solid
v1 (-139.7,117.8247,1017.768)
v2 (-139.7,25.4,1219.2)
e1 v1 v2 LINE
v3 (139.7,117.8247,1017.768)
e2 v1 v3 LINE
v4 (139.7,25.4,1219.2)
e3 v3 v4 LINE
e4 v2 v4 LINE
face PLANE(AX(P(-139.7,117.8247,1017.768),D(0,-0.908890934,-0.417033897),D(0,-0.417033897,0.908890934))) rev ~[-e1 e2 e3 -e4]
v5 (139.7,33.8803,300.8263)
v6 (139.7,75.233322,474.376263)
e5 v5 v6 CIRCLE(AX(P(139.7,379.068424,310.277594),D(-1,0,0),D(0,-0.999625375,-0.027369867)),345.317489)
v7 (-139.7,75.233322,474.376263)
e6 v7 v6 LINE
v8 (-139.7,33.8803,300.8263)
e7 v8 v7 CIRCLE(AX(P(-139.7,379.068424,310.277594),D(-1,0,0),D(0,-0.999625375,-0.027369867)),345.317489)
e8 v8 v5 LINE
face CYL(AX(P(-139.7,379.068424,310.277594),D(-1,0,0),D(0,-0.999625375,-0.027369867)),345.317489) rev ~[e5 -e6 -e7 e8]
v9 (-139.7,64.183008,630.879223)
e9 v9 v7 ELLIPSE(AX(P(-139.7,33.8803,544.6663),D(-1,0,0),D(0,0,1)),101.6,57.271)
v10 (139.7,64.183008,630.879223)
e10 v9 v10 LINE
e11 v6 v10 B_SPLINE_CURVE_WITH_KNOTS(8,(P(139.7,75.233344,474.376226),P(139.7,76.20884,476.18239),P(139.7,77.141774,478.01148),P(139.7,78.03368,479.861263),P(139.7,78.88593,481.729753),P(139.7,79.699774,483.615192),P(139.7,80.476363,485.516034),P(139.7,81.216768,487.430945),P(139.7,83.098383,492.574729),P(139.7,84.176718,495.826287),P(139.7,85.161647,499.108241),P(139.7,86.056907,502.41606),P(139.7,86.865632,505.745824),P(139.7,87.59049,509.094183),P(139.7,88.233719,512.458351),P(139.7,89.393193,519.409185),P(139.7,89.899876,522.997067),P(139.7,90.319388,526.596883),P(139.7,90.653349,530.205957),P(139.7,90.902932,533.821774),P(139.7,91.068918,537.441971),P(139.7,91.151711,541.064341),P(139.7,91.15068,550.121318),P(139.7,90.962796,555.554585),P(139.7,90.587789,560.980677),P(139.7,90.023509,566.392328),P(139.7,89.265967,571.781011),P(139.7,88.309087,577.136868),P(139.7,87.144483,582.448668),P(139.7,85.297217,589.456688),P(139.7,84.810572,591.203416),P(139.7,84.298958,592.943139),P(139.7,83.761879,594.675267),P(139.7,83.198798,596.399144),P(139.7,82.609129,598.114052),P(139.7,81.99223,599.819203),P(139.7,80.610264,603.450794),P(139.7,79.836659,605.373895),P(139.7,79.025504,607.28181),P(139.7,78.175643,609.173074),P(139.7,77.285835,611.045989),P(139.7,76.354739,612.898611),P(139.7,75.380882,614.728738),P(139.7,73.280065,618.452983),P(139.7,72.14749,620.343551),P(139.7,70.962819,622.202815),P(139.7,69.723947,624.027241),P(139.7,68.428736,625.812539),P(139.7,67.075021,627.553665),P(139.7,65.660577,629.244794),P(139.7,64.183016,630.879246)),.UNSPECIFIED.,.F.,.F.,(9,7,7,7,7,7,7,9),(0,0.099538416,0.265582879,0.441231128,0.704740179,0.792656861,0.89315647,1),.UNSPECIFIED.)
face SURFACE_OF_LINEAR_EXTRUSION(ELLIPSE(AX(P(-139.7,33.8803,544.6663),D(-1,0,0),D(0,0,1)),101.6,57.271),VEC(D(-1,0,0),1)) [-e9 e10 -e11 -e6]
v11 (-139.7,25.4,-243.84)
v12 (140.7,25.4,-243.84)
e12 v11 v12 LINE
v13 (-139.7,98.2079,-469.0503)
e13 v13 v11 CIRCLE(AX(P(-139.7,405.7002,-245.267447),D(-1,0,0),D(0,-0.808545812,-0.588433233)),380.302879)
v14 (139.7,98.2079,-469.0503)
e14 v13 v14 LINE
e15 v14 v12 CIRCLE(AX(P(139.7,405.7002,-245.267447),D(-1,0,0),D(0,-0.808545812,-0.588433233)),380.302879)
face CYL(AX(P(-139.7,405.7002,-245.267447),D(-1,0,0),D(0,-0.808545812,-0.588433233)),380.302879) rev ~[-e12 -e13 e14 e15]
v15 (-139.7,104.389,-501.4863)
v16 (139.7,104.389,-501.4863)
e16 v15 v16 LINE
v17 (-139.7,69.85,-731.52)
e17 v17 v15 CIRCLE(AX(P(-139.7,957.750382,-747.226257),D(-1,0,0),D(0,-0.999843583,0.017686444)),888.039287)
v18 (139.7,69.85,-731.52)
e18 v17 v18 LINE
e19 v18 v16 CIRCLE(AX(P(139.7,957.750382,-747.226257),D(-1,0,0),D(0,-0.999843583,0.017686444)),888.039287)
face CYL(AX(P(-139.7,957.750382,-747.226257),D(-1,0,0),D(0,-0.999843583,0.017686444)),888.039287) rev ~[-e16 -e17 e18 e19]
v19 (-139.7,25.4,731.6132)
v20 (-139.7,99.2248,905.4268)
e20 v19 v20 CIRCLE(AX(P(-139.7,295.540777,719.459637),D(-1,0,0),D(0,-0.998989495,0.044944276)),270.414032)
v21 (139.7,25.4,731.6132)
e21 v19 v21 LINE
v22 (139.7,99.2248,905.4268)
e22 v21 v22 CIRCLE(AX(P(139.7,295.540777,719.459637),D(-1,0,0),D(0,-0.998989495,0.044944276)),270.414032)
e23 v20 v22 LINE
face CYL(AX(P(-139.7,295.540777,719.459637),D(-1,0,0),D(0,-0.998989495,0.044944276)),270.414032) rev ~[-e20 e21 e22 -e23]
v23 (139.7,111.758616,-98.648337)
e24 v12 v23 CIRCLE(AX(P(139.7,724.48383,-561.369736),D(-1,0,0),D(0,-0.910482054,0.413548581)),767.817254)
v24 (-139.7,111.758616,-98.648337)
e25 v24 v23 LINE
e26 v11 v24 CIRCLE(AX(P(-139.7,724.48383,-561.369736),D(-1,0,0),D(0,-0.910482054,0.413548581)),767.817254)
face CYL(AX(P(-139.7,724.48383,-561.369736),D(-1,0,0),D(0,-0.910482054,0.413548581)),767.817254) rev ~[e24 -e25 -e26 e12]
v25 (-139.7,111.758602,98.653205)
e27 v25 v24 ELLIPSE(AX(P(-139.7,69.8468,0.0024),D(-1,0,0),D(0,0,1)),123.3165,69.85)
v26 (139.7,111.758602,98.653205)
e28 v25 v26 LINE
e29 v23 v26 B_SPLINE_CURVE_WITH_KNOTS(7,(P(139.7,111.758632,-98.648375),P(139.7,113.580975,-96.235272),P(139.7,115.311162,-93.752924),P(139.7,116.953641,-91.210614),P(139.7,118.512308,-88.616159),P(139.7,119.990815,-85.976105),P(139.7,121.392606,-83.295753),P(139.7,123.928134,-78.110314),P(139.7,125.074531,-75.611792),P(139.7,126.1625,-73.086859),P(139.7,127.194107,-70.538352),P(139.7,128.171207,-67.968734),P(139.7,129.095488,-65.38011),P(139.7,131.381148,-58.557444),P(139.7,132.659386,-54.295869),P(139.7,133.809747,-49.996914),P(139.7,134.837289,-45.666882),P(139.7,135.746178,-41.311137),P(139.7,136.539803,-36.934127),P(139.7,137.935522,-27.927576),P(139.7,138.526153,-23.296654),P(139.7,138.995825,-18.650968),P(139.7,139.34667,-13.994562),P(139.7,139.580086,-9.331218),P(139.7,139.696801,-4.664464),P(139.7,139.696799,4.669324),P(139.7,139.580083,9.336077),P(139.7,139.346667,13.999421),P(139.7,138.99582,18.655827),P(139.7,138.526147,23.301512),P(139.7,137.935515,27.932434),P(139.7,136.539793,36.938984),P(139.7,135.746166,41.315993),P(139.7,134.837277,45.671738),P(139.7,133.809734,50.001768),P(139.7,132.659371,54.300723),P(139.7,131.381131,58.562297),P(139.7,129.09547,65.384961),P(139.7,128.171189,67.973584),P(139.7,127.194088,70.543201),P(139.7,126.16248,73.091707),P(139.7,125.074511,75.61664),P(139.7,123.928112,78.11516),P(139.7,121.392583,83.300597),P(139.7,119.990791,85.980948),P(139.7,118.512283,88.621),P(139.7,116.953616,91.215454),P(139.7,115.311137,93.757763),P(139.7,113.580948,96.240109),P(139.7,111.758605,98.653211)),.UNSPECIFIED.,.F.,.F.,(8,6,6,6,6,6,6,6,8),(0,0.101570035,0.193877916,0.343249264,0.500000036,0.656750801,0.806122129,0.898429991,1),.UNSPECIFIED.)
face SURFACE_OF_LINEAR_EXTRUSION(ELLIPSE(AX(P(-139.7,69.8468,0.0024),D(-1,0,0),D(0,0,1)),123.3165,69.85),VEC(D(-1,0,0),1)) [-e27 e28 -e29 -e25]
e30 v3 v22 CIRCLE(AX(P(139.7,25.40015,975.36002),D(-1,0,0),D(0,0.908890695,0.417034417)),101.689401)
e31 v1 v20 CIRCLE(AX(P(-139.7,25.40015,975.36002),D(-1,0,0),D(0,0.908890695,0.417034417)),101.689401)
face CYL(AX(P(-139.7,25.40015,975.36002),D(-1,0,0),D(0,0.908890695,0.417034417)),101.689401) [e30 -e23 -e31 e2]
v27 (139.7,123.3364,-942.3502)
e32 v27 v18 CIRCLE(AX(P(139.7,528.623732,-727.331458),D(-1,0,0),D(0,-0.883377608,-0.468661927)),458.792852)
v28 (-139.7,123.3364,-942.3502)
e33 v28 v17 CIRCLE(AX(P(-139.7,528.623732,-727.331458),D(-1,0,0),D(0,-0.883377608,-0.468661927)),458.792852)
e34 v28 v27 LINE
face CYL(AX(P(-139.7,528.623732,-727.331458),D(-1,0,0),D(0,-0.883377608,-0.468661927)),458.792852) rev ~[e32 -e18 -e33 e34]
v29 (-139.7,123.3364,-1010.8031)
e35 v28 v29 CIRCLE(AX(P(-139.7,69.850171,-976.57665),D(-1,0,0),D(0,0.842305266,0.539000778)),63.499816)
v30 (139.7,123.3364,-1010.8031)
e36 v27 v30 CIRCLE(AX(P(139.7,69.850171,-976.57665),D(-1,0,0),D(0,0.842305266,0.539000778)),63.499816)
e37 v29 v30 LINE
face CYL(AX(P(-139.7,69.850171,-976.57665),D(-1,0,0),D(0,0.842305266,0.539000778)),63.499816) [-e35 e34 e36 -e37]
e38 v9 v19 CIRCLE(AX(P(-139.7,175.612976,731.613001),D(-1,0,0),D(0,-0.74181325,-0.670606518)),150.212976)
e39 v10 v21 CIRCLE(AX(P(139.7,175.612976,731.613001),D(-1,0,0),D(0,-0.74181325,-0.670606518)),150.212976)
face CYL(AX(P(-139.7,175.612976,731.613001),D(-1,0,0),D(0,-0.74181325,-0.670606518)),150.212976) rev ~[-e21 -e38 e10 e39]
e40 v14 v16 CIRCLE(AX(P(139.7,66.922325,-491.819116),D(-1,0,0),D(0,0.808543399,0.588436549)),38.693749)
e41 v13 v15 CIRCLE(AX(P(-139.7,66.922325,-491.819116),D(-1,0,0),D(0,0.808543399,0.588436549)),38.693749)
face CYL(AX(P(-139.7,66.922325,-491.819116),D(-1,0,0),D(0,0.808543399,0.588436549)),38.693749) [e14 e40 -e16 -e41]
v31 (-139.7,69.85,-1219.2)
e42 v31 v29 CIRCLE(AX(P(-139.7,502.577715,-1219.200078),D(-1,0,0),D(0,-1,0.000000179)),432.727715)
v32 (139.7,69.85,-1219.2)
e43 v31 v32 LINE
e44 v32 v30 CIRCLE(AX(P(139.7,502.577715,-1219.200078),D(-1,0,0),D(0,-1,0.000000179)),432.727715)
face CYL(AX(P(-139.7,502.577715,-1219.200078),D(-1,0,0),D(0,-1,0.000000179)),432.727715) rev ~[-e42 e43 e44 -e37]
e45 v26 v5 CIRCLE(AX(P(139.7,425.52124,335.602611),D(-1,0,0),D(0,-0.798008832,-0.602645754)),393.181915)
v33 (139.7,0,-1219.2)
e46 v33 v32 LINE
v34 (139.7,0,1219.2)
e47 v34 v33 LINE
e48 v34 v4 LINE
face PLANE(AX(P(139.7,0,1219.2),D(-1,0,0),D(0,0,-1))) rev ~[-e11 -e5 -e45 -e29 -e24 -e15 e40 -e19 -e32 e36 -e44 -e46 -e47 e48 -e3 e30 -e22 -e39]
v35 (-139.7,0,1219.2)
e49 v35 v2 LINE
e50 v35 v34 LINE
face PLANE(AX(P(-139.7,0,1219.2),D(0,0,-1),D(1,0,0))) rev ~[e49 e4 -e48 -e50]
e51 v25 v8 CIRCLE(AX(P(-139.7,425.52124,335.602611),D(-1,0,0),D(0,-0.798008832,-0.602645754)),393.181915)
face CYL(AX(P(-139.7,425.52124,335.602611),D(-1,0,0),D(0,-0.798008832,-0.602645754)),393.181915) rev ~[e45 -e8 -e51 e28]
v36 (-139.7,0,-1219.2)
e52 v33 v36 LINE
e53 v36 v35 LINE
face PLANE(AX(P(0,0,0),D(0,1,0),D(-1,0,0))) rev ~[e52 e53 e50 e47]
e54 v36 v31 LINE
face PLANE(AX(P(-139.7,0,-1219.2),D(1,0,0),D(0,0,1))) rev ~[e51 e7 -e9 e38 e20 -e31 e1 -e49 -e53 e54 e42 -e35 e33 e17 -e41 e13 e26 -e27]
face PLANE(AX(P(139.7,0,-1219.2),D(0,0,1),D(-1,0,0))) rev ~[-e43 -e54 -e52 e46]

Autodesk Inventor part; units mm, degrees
ref_plane "YZ Plane" through (0, 0, 0) normal (1, 0, 0) x (0, 1, 0)
ref_plane "XZ Plane" through (0, 0, 0) normal (0, 1, 0) x (-1, 0, 0)
ref_plane "XY Plane" through (0, 0, 0) normal (0, 0, 1) x (1, 0, 0)
sketch "Sketch1" plane through (0, 0, 0) normal (0, 1, 0) x (-1, 0, 0)
  line L0 (139.7, 1219.2) -> (-139.7, 1219.2)
  line L1 (-139.7, 1219.2) -> (-139.7, -1219.2)
  line L2 (-139.7, -1219.2) -> (139.7, -1219.2)
  line L3 (139.7, -1219.2) -> (139.7, 1219.2)
  line L4 (139.7, 1219.2) -> (-139.7, -1219.2) construction
  line L5 (-139.7, 1219.2) -> (139.7, -1219.2) construction
  point P0 (0, 0)
  dimension "d0" = 279.4
  dimension "d1" = 2438.4
extrude "Extrusion1" add sketch "Sketch1" along normal blind 139.7
sketch "Sketch3" plane through (-139.7, 0, -1219.2) normal (-1, 0, 0) x (0, 0, 1)
  line L0 (2438.4, 139.7) -> (0, 139.7) construction
  line L1 (1219.2, 139.7) -> (1219.2, 0) construction
  line L2 (1219.2, 0) -> (1219.2, 25.4) construction
  line L3 (1219.2, 25.4) -> (0, 25.4)
  line L4 (1219.2, 25.4) -> (2438.4, 25.4)
  line L5 (2438.4, 0) -> (0, 0) construction
  ellipse E0 centre (1219.2024, 69.8468) end of major axis (1342.5189, 69.8468) minor radius 69.85 (1317.8532, 111.7586) -> (1120.5517, 111.7586) ccw
  line L6 (1219.2024, 69.8468) -> (1219.2024, 176.8167) construction
  line L7 (0, 69.85) -> (0, 127.0895)
  line L8 (2438.4, 127.0895) -> (2438.4, 57.2395)
  arc A0 (750.1497, 98.2079) -> (717.7137, 104.389) centre (727.3807, 66.9219) ccw
  arc A1 (0, 69.85) -> (208.3969, 123.3364) centre (0, 502.5771) ccw
  arc A2 (276.8498, 123.3364) -> (208.3969, 123.3364) centre (242.6233, 69.85) ccw
  arc A3 (487.68, 69.85) -> (717.7137, 104.389) centre (471.9739, 957.7485) ccw
  line L9 (135.5865, 91.6403) -> (352.0961, 91.6403) construction
  arc A4 (276.8498, 123.3364) -> (487.68, 69.85) centre (491.8688, 528.6244) ccw
  line L10 (1763.8663, 33.8803) -> (1763.8663, 113.409) construction
  ellipse E1 centre (1763.8663, 33.8803) end of major axis (1865.4663, 33.8803) minor radius 57.271 (1850.0792, 64.183) -> (1693.5763, 75.2333) ccw
  arc A5 (1520.0263, 33.8803) -> (1693.5763, 75.2333) centre (1529.4777, 379.0674) ccw
  arc A6 (975.36, 25.4) -> (1120.5517, 111.7586) centre (657.8319, 724.4807) ccw
  arc A7 (750.1497, 98.2079) -> (975.36, 25.4) centre (973.9324, 405.6999) ccw
  arc A8 (1317.8532, 111.7586) -> (1520.0263, 33.8803) centre (1554.8027, 425.5214) ccw
  arc A9 (2236.968, 117.8247) -> (2124.6268, 99.2248) centre (2194.56, 25.4) ccw
  arc A10 (1850.0792, 64.183) -> (1950.8132, 25.4) centre (1950.8132, 175.6133) ccw
  arc A11 (1950.8132, 25.4) -> (2124.6268, 99.2248) centre (1938.6597, 295.5405) ccw
  line L11 (2236.968, 117.8247) -> (2438.4, 25.4)
  line L12 (2438.4, 57.2395) -> (2438.4, 25.4)
  line L13 (1219.2, 127.0895) -> (1219.2024, 127.0895)
  line L14 (1219.2, 127.0895) -> (1219.2024, 127.0895)
  line L15 (1219.2, 127.0895) -> (1219.2024, 127.0895)
  line L16 (2438.4, 0) -> (2438.4, 139.7) projected
  line L17 (2438.4, 127.0895) -> (2438.4, 139.7)
  line L18 (2438.4, 139.7) -> (0, 139.7)
  line L19 (0, 0) -> (0, 139.7) projected
  line L20 (0, 127.0895) -> (0, 139.7)
  point P0 (729.1332, 155.8475)
  point P1 (243.84, 164.183)
  point P2 (1494.3481, 127.0895)
  dimension "d24" = 101.6
  dimension "d16" = 25.4
  dimension "d23" = 216.5096
extrude "Extrusion2" cut sketch "Sketch3" against normal through all contours A7 A0 A3 A4 A2 A1 L7 L19 L18 L16 L8 L12 L11 A9 A11 A10 E1 A5 A8 E0 A6
properties part number "landscape for mars rover"
